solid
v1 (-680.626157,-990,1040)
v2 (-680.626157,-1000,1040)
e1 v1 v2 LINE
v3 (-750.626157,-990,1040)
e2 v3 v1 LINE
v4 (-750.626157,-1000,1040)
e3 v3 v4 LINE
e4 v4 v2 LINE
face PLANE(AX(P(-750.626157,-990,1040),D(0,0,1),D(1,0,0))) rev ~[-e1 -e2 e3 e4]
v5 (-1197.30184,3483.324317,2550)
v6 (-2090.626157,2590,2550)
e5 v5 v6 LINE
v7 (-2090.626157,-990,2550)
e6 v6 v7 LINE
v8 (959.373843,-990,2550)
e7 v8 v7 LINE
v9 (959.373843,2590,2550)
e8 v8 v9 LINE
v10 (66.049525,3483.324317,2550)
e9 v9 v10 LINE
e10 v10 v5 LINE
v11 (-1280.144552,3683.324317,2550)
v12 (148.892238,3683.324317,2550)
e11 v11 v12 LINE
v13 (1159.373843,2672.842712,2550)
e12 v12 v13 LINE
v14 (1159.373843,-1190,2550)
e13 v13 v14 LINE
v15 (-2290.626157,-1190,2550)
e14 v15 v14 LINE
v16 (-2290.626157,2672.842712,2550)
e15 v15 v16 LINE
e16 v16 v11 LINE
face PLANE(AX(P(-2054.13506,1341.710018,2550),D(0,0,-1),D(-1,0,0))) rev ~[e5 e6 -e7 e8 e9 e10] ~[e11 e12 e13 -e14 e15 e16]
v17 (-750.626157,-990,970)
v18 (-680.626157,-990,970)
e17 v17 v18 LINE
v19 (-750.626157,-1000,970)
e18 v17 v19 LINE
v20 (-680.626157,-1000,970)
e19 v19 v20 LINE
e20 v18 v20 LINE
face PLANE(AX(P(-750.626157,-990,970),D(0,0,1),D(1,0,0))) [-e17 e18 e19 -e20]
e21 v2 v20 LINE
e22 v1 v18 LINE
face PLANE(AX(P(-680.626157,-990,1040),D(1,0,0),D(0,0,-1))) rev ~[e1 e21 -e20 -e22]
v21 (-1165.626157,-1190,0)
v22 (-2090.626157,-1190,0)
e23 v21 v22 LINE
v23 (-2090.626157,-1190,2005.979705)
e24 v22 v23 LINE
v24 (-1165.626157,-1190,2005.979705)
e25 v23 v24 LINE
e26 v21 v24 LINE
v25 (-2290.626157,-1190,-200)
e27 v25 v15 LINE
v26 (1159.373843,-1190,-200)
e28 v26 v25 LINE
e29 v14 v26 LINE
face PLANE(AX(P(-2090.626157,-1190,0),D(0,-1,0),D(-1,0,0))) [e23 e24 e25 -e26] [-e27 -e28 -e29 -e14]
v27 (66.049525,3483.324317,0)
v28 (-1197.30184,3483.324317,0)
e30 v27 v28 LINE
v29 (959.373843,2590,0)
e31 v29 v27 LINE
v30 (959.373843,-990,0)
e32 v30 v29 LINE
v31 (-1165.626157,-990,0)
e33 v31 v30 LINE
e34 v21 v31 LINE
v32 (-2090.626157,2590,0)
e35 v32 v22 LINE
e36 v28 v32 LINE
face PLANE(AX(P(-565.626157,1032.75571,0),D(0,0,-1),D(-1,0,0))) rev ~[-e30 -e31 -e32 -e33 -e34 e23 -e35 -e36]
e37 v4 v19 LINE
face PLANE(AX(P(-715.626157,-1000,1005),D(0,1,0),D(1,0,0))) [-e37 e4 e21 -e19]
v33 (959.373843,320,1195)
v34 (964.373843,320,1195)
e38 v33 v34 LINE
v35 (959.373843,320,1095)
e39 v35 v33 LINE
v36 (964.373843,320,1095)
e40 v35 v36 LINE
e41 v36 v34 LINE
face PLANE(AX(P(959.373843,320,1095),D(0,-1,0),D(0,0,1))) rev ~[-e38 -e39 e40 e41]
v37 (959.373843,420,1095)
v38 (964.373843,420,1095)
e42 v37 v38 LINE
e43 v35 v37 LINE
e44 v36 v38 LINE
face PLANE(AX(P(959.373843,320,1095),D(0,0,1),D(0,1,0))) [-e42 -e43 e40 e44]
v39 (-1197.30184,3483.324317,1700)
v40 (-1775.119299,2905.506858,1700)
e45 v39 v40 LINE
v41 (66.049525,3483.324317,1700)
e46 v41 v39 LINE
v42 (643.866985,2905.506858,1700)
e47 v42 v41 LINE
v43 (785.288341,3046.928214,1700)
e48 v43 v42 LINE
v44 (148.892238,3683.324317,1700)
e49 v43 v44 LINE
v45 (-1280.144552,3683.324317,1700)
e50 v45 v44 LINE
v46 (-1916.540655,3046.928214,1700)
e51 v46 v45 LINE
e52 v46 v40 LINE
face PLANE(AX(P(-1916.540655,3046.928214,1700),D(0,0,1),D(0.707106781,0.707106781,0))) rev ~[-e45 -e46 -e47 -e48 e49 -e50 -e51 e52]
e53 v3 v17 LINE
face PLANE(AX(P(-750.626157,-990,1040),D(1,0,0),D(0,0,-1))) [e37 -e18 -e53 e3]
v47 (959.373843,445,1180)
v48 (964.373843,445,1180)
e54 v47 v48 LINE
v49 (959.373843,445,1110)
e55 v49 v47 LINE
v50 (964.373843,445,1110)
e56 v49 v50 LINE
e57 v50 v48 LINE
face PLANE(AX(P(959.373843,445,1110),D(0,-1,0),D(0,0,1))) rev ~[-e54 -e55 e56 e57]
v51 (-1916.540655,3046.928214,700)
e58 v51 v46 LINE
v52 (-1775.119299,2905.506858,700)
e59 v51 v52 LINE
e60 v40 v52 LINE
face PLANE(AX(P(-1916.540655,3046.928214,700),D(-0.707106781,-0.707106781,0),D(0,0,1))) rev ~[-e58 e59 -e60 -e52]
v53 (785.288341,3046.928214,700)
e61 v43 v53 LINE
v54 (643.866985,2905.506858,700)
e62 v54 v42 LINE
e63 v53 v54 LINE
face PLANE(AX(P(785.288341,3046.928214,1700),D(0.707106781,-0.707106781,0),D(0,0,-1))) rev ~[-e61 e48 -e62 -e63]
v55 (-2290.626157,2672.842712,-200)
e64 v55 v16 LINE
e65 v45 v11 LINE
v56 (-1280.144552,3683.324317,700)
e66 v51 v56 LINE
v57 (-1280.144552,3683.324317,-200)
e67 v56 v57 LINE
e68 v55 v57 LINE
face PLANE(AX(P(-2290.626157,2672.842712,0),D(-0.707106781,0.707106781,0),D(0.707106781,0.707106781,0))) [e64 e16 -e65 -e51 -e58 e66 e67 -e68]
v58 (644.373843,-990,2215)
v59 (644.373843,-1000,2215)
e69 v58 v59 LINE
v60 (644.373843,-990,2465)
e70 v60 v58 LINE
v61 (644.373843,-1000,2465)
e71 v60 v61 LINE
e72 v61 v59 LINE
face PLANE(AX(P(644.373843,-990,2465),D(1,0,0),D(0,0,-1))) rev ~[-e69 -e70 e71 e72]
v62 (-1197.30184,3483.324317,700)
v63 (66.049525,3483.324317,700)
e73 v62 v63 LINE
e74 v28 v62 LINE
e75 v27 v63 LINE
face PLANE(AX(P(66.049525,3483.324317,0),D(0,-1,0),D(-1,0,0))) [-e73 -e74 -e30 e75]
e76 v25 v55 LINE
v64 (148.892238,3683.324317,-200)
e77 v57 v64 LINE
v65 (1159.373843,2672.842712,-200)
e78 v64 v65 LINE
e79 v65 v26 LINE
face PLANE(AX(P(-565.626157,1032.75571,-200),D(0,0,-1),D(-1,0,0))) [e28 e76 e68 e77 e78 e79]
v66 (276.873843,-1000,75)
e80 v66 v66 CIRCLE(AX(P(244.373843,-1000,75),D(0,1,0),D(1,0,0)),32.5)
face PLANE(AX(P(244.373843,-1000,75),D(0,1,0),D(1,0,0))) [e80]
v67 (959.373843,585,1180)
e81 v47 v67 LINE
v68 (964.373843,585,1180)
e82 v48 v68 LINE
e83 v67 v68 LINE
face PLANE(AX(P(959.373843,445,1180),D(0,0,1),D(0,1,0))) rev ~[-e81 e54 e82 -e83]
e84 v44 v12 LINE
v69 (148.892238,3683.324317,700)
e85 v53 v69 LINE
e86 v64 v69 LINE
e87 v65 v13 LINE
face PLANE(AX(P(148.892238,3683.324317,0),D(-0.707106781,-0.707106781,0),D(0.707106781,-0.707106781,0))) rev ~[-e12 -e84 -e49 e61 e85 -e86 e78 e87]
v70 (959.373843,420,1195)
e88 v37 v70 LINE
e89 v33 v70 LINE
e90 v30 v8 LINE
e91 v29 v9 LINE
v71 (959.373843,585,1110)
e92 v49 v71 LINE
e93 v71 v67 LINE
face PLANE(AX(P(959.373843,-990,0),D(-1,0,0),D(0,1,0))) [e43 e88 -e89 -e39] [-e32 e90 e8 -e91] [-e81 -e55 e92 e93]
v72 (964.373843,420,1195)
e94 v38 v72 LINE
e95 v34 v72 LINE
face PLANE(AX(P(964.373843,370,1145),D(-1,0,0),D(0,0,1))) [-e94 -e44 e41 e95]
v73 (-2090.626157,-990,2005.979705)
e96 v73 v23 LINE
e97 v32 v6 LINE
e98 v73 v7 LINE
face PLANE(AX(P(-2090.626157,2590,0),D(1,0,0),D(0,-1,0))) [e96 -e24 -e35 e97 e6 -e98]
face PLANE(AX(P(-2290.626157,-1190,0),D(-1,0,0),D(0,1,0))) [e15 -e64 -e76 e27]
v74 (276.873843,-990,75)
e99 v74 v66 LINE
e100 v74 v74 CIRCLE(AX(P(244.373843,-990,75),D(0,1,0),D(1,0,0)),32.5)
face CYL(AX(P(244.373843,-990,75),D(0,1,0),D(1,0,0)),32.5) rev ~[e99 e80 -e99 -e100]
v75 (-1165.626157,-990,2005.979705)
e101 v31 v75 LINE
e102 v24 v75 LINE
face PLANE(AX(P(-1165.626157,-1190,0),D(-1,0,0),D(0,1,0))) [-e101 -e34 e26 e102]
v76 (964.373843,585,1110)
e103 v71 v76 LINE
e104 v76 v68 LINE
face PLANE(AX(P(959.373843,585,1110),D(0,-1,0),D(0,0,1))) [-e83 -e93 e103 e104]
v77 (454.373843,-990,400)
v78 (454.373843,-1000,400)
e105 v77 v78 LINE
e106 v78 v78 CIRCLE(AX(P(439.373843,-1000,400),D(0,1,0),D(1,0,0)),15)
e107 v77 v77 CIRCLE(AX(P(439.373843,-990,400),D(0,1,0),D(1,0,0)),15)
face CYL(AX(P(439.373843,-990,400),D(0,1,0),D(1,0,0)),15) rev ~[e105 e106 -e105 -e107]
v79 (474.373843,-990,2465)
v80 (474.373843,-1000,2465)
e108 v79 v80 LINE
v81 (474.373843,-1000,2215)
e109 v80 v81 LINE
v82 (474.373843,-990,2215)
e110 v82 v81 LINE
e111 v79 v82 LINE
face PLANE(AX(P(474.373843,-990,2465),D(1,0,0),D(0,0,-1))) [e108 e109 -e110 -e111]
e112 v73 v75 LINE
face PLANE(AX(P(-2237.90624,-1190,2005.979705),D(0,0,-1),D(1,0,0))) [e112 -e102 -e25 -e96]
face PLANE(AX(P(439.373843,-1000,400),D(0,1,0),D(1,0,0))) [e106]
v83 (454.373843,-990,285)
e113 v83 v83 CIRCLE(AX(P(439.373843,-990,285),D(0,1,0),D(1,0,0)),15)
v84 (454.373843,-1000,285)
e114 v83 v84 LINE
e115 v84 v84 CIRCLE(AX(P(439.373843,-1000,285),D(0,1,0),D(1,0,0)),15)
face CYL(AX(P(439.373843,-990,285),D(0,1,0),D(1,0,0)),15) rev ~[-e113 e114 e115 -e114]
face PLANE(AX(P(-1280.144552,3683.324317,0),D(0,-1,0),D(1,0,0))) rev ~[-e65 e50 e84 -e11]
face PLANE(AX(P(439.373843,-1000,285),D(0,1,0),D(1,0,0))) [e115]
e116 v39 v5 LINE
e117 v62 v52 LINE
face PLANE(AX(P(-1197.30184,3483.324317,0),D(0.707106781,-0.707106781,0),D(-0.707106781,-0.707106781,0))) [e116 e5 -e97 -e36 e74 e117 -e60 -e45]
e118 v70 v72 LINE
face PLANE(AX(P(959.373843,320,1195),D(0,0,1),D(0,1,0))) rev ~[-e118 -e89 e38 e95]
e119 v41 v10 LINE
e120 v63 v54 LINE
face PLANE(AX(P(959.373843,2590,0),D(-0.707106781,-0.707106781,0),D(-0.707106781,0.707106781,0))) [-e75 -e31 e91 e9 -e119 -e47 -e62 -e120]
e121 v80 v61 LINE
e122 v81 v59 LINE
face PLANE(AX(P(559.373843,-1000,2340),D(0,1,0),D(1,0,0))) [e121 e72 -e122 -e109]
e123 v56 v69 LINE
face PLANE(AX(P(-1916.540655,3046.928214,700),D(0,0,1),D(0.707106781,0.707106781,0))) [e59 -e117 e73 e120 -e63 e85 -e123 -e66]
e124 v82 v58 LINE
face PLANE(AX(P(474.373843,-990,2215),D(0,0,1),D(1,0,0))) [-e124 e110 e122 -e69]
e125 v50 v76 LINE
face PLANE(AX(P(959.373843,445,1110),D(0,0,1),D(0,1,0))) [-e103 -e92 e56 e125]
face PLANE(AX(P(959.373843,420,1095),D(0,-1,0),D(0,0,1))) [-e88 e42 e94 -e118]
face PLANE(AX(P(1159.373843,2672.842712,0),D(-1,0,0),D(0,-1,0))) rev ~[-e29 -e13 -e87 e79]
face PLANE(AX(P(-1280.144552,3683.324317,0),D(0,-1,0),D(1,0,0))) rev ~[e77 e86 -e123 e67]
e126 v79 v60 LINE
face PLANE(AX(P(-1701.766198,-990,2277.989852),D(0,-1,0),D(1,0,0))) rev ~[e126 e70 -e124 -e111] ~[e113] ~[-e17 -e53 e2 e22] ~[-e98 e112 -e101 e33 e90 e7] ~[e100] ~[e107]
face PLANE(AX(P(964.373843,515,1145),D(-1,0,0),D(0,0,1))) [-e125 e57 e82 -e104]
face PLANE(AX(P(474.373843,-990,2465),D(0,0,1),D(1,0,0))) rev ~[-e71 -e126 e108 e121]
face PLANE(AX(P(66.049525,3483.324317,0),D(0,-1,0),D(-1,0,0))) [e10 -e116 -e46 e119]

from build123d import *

# Parameters (mm, degrees)
BASE_DEPTH           = 2550
FLOOR_2_DEPTH        = 200
SKETCH13_W           = 1000
SKETCH13_H           = 900
WINDOW_RIGHT_DEPTH   = 5171.960671741
SKETCH14_W           = 1429.036790187
SKETCH14_H           = 1000
WINDOW_CENTER_DEPTH  = 500
SKETCH8_W            = 170
SKETCH8_H            = 250
VENTILATION_DEPTH    = 10
SKETCH9_R            = 15
SKETCH9_R_2          = 32.5
SKETCH9_W            = 70
SKETCH9_H            = 70
SOCKET_PIPES_DEPTH   = 10
SKETCH10_W           = 100
SKETCH10_H           = 100
SKETCH10_W_2         = 70
SKETCH10_H_2         = 140
SOCKET_DEPTH         = 5
SKETCH12_W           = 1072.28008248
SKETCH12_H           = 544.020295296
DOOR_HIGH_WALL_DEPTH = 200
WALL_DEPTH           = 2550
SKETCH15_W           = 1000
SKETCH15_H           = 900
WINDOW_LEFT_DEPTH    = 500


with BuildPart() as part:
    # Sketch1 → Base (new body)
    with BuildSketch(Plane.XY):
        Polygon((959.373842867, -990), (959.373842867, 2590), (66.049525486, 3483.324317381), (-1197.301839752, 3483.324317381), (-1280.144552227, 3683.324317381), (148.89223796, 3683.324317381), (1159.373842867, 2672.842712475), (1159.373842867, -1190), (-1165.626157133, -1190), (-1165.626157133, -990), align=None)
    extrude(amount=BASE_DEPTH)

    # Sketch5 → Floor 2 (add)
    with BuildSketch(Plane.XY):
        Polygon((1159.373842867, 2672.842712475), (1159.373842867, -1190), (-2290.626157133, -1190), (-2290.626157133, 2672.842712475), (-1280.144552227, 3683.324317381), (148.89223796, 3683.324317381), align=None)
    extrude(amount=-FLOOR_2_DEPTH)

    # Sketch13 → Window right (cut, through all)
    with BuildSketch(Plane(origin=(1916.108277671, 1916.108277671, 0), x_dir=(0, 0, -1), z_dir=(0.707106781, 0.707106781, 0))):
        with Locations((-1200, 2049.220891002)):
            Rectangle(SKETCH13_W, SKETCH13_H)
    extrude(amount=-WINDOW_RIGHT_DEPTH, mode=Mode.SUBTRACT)

    # Sketch14 → Window center (cut)
    with BuildSketch(Plane(origin=(0, 3683.324317381, 0), x_dir=(1, 0, 0), z_dir=(0, 1, 0))):
        with Locations((-565.626157133, -1200)):
            Rectangle(SKETCH14_W, SKETCH14_H)
    extrude(amount=-WINDOW_CENTER_DEPTH, mode=Mode.SUBTRACT)

    # Sketch8 → Ventilation (cut)
    with BuildSketch(Plane(origin=(0, -990, 0), x_dir=(1, 0, 0), z_dir=(0, 1, 0))):
        with Locations((559.373842867, -2340)):
            Rectangle(SKETCH8_W, SKETCH8_H)
    extrude(amount=-VENTILATION_DEPTH, mode=Mode.SUBTRACT)

    # Sketch9 → Socket & pipes (cut)
    with BuildSketch(Plane(origin=(0, -990, 0), x_dir=(1, 0, 0), z_dir=(0, 1, 0))):
        with Locations((439.373842867, -400)):
            Circle(SKETCH9_R)
        with Locations((439.373842867, -285)):
            Circle(SKETCH9_R)
        with Locations((244.373842867, -75)):
            Circle(SKETCH9_R_2)
        with Locations((-715.626157133, -1005)):
            Rectangle(SKETCH9_W, SKETCH9_H)
    extrude(amount=-SOCKET_PIPES_DEPTH, mode=Mode.SUBTRACT)

    # Sketch10 → Socket (cut)
    with BuildSketch(Plane.ZY.offset(-959.373842867)):
        with Locations((1145, 370)):
            Rectangle(SKETCH10_W, SKETCH10_H)
        with Locations((1145, 515)):
            Rectangle(SKETCH10_W_2, SKETCH10_H_2)
    extrude(amount=-SOCKET_DEPTH, mode=Mode.SUBTRACT)

    # Sketch12 → Door high wall (add)
    with BuildSketch(Plane.XZ.offset(1190)):
        with Locations((-1701.766198373, 2277.989852352)):
            Rectangle(SKETCH12_W, SKETCH12_H)
    extrude(amount=-DOOR_HIGH_WALL_DEPTH)

    # Sketch6 → Wall (add)
    with BuildSketch(Plane.XY):
        Polygon((-1280.144552227, 3683.324317381), (-1197.301839752, 3483.324317381), (-2090.626157133, 2590), (-2090.626157133, -1190), (-2290.626157133, -1190), (-2290.626157133, 2672.842712475), align=None)
    extrude(amount=WALL_DEPTH)

    # Sketch15 → Window left (cut)
    with BuildSketch(Plane(origin=(-2481.734434804, 2481.734434804, 0), x_dir=(0, 0, 1), z_dir=(-0.707106781, 0.707106781, 0))):
        with Locations((1200, 1249.304708351)):
            Rectangle(SKETCH15_W, SKETCH15_H)
    extrude(amount=-WINDOW_LEFT_DEPTH, mode=Mode.SUBTRACT)


solid = part.part
